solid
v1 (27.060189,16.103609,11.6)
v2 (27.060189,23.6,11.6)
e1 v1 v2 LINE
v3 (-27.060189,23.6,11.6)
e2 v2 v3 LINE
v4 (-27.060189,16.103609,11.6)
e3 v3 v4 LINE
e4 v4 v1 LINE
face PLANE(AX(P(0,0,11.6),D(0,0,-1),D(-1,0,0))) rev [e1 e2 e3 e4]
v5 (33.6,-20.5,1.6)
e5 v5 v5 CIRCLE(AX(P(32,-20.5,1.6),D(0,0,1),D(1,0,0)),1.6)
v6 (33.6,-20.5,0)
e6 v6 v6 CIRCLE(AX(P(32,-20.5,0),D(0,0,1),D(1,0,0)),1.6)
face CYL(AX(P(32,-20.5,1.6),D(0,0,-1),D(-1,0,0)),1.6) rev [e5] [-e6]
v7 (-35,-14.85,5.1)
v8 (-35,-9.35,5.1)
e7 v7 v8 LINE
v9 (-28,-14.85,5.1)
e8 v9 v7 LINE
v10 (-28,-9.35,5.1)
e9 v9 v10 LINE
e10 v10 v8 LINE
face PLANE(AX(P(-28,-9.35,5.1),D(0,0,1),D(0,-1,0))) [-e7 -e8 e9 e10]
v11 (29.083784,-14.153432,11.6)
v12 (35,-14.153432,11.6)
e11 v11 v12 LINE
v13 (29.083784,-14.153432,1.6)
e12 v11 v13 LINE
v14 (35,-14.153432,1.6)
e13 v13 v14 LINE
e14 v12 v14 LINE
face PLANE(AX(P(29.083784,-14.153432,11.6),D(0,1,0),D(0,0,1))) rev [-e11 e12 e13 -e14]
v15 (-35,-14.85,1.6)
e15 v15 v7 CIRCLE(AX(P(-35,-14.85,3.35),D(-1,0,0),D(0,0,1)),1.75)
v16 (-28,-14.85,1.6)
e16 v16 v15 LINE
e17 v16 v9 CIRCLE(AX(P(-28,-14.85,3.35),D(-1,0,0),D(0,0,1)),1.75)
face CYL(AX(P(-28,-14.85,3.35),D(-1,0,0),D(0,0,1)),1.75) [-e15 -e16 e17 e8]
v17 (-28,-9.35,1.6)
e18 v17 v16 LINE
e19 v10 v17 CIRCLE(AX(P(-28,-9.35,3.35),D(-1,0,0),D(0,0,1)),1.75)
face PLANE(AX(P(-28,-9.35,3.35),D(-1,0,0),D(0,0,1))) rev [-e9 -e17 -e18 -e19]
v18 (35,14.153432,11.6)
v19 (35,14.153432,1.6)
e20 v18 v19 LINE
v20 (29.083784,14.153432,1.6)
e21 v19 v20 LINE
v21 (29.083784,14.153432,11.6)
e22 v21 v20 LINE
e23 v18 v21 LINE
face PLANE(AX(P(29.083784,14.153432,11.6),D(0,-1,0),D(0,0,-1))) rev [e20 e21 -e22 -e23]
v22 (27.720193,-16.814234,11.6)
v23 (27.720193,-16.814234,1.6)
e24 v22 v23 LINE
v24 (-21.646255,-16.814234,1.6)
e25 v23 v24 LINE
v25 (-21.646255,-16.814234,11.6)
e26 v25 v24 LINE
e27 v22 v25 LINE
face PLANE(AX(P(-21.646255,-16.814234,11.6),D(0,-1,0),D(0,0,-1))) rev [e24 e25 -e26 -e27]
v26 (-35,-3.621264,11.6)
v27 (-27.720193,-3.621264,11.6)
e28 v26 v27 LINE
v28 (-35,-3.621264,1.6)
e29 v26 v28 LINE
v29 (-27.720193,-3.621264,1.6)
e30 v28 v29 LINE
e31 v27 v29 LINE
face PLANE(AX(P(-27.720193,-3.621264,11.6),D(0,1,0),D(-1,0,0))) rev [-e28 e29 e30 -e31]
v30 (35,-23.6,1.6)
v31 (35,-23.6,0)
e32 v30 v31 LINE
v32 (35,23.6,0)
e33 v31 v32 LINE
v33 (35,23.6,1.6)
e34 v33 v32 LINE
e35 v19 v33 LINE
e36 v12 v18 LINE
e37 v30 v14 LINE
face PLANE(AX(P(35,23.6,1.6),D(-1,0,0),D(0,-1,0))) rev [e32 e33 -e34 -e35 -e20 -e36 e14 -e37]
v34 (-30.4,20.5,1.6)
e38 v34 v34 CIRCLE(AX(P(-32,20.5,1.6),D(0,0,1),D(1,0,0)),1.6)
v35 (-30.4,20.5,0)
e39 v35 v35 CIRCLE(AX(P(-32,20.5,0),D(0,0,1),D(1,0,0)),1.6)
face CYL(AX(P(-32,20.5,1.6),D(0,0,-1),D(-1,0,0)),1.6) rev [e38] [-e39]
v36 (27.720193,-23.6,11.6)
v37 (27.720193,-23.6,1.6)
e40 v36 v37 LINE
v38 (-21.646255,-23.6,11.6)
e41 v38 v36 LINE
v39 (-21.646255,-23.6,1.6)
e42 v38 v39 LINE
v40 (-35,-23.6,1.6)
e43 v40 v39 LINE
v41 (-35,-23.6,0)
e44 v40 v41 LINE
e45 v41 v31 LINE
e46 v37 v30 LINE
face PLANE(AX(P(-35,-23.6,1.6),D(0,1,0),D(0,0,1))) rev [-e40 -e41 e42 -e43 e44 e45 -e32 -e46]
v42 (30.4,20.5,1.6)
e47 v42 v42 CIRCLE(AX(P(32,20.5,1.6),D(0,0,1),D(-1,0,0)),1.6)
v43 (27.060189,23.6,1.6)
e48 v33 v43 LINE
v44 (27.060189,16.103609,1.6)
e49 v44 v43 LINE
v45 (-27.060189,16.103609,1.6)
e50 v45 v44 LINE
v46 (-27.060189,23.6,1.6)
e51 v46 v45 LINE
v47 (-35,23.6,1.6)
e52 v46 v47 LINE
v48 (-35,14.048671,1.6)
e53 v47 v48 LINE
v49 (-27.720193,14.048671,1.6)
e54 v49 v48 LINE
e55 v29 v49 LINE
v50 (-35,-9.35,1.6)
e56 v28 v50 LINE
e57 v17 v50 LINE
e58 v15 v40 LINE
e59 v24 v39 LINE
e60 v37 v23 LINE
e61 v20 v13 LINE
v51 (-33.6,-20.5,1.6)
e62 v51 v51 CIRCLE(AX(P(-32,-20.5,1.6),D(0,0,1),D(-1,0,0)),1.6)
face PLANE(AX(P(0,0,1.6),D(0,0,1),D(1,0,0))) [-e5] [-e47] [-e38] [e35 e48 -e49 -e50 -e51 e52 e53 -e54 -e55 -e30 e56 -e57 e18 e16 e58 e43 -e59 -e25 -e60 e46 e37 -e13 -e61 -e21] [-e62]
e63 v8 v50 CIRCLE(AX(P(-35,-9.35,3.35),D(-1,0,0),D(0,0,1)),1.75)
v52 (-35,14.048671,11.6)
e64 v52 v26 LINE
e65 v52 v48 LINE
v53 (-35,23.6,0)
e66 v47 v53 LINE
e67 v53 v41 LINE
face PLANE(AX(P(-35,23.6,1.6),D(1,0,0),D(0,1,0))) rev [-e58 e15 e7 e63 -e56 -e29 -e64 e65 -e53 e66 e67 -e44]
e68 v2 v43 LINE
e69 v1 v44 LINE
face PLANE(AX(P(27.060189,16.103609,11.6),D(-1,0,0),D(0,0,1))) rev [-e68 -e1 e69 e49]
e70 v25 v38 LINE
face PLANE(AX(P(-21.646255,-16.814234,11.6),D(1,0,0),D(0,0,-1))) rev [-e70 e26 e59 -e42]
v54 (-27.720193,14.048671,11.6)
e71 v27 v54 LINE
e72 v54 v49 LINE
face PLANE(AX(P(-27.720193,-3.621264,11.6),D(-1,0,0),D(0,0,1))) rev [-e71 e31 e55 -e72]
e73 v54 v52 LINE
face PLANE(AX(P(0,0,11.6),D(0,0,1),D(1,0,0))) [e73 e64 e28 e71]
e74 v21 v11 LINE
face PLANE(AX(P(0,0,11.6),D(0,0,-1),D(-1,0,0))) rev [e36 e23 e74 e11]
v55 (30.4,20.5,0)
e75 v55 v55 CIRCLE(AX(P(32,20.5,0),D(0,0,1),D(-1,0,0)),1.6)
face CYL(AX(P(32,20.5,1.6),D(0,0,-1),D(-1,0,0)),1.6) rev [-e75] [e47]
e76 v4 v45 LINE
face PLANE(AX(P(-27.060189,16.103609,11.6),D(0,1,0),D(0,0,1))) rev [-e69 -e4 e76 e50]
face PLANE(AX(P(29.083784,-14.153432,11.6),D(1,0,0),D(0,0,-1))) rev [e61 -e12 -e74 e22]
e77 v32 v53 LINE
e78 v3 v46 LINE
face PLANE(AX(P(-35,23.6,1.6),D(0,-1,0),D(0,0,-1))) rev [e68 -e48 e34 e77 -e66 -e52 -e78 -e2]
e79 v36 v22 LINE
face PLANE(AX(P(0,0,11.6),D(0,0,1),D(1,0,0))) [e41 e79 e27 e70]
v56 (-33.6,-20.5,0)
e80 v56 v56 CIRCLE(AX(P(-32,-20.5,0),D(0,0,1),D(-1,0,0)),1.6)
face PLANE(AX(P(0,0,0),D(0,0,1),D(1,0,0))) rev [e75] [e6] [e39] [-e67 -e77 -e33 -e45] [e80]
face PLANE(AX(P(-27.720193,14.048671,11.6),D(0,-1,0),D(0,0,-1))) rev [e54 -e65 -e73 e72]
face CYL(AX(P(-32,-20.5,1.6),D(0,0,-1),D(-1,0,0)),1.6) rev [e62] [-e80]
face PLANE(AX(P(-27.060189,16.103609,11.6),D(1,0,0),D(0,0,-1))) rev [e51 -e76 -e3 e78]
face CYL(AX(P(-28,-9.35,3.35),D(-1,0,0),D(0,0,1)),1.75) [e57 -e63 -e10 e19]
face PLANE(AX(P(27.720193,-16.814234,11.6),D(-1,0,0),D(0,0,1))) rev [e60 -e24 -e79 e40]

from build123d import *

# Parameters (mm, degrees)
ESBO_O1_W                = 70
ESBO_O1_H                = 47.2
ESBO_O1_R                = 1.6
RESSALTO_EXTRUS_O1_DEPTH = 1.6
ESBO_O2_W                = 49.366448858
ESBO_O2_H                = 6.785766069
ESBO_O2_W_2              = 54.120377738
ESBO_O2_H_2              = 7.496391297
ESBO_O2_W_3              = 5.916216247
ESBO_O2_H_3              = 28.306864236
ESBO_O2_W_4              = 7.279806524
ESBO_O2_H_4              = 17.669935009
RESSALTO_EXTRUS_O2_DEPTH = 10
RESSALTO_EXTRUS_O3_DEPTH = 7


with BuildPart() as part:
    # Esboço1 → Ressalto-extrusão1 (new body)
    with BuildSketch(Plane.XY):
        Rectangle(ESBO_O1_W, ESBO_O1_H)
        with Locations((-32, 20.5)):
            Circle(ESBO_O1_R, mode=Mode.SUBTRACT)
        with Locations((32, 20.5)):
            Circle(ESBO_O1_R, mode=Mode.SUBTRACT)
        with Locations((32, -20.5)):
            Circle(ESBO_O1_R, mode=Mode.SUBTRACT)
        with Locations((-32, -20.5)):
            Circle(ESBO_O1_R, mode=Mode.SUBTRACT)
    extrude(amount=RESSALTO_EXTRUS_O1_DEPTH)

    # Esboço2 → Ressalto-extrusão2 (add)
    with BuildSketch(Plane.XY.offset(1.6)):
        with Locations((3.036969047, -20.207116965)):
            Rectangle(ESBO_O2_W, ESBO_O2_H)
        with Locations((0, 19.851804352)):
            Rectangle(ESBO_O2_W_2, ESBO_O2_H_2)
        with Locations((32.041891877, 0)):
            Rectangle(ESBO_O2_W_3, ESBO_O2_H_3)
        with Locations((-31.360096738, 5.213703653)):
            Rectangle(ESBO_O2_W_4, ESBO_O2_H_4)
    extrude(amount=RESSALTO_EXTRUS_O2_DEPTH)

    # Esboço3 → Ressalto-extrusão3 (add)
    with BuildSketch(Plane.ZY.offset(35)):
        with BuildLine():
            Line((5.1, -9.35), (5.1, -14.85))
            ThreePointArc((5.1, -14.85), (3.35, -16.6), (1.6, -14.85))
            Line((1.6, -14.85), (1.6, -9.35))
            ThreePointArc((1.6, -9.35), (3.35, -7.6), (5.1, -9.35))
        make_face()
    extrude(amount=-RESSALTO_EXTRUS_O3_DEPTH)


solid = part.part
